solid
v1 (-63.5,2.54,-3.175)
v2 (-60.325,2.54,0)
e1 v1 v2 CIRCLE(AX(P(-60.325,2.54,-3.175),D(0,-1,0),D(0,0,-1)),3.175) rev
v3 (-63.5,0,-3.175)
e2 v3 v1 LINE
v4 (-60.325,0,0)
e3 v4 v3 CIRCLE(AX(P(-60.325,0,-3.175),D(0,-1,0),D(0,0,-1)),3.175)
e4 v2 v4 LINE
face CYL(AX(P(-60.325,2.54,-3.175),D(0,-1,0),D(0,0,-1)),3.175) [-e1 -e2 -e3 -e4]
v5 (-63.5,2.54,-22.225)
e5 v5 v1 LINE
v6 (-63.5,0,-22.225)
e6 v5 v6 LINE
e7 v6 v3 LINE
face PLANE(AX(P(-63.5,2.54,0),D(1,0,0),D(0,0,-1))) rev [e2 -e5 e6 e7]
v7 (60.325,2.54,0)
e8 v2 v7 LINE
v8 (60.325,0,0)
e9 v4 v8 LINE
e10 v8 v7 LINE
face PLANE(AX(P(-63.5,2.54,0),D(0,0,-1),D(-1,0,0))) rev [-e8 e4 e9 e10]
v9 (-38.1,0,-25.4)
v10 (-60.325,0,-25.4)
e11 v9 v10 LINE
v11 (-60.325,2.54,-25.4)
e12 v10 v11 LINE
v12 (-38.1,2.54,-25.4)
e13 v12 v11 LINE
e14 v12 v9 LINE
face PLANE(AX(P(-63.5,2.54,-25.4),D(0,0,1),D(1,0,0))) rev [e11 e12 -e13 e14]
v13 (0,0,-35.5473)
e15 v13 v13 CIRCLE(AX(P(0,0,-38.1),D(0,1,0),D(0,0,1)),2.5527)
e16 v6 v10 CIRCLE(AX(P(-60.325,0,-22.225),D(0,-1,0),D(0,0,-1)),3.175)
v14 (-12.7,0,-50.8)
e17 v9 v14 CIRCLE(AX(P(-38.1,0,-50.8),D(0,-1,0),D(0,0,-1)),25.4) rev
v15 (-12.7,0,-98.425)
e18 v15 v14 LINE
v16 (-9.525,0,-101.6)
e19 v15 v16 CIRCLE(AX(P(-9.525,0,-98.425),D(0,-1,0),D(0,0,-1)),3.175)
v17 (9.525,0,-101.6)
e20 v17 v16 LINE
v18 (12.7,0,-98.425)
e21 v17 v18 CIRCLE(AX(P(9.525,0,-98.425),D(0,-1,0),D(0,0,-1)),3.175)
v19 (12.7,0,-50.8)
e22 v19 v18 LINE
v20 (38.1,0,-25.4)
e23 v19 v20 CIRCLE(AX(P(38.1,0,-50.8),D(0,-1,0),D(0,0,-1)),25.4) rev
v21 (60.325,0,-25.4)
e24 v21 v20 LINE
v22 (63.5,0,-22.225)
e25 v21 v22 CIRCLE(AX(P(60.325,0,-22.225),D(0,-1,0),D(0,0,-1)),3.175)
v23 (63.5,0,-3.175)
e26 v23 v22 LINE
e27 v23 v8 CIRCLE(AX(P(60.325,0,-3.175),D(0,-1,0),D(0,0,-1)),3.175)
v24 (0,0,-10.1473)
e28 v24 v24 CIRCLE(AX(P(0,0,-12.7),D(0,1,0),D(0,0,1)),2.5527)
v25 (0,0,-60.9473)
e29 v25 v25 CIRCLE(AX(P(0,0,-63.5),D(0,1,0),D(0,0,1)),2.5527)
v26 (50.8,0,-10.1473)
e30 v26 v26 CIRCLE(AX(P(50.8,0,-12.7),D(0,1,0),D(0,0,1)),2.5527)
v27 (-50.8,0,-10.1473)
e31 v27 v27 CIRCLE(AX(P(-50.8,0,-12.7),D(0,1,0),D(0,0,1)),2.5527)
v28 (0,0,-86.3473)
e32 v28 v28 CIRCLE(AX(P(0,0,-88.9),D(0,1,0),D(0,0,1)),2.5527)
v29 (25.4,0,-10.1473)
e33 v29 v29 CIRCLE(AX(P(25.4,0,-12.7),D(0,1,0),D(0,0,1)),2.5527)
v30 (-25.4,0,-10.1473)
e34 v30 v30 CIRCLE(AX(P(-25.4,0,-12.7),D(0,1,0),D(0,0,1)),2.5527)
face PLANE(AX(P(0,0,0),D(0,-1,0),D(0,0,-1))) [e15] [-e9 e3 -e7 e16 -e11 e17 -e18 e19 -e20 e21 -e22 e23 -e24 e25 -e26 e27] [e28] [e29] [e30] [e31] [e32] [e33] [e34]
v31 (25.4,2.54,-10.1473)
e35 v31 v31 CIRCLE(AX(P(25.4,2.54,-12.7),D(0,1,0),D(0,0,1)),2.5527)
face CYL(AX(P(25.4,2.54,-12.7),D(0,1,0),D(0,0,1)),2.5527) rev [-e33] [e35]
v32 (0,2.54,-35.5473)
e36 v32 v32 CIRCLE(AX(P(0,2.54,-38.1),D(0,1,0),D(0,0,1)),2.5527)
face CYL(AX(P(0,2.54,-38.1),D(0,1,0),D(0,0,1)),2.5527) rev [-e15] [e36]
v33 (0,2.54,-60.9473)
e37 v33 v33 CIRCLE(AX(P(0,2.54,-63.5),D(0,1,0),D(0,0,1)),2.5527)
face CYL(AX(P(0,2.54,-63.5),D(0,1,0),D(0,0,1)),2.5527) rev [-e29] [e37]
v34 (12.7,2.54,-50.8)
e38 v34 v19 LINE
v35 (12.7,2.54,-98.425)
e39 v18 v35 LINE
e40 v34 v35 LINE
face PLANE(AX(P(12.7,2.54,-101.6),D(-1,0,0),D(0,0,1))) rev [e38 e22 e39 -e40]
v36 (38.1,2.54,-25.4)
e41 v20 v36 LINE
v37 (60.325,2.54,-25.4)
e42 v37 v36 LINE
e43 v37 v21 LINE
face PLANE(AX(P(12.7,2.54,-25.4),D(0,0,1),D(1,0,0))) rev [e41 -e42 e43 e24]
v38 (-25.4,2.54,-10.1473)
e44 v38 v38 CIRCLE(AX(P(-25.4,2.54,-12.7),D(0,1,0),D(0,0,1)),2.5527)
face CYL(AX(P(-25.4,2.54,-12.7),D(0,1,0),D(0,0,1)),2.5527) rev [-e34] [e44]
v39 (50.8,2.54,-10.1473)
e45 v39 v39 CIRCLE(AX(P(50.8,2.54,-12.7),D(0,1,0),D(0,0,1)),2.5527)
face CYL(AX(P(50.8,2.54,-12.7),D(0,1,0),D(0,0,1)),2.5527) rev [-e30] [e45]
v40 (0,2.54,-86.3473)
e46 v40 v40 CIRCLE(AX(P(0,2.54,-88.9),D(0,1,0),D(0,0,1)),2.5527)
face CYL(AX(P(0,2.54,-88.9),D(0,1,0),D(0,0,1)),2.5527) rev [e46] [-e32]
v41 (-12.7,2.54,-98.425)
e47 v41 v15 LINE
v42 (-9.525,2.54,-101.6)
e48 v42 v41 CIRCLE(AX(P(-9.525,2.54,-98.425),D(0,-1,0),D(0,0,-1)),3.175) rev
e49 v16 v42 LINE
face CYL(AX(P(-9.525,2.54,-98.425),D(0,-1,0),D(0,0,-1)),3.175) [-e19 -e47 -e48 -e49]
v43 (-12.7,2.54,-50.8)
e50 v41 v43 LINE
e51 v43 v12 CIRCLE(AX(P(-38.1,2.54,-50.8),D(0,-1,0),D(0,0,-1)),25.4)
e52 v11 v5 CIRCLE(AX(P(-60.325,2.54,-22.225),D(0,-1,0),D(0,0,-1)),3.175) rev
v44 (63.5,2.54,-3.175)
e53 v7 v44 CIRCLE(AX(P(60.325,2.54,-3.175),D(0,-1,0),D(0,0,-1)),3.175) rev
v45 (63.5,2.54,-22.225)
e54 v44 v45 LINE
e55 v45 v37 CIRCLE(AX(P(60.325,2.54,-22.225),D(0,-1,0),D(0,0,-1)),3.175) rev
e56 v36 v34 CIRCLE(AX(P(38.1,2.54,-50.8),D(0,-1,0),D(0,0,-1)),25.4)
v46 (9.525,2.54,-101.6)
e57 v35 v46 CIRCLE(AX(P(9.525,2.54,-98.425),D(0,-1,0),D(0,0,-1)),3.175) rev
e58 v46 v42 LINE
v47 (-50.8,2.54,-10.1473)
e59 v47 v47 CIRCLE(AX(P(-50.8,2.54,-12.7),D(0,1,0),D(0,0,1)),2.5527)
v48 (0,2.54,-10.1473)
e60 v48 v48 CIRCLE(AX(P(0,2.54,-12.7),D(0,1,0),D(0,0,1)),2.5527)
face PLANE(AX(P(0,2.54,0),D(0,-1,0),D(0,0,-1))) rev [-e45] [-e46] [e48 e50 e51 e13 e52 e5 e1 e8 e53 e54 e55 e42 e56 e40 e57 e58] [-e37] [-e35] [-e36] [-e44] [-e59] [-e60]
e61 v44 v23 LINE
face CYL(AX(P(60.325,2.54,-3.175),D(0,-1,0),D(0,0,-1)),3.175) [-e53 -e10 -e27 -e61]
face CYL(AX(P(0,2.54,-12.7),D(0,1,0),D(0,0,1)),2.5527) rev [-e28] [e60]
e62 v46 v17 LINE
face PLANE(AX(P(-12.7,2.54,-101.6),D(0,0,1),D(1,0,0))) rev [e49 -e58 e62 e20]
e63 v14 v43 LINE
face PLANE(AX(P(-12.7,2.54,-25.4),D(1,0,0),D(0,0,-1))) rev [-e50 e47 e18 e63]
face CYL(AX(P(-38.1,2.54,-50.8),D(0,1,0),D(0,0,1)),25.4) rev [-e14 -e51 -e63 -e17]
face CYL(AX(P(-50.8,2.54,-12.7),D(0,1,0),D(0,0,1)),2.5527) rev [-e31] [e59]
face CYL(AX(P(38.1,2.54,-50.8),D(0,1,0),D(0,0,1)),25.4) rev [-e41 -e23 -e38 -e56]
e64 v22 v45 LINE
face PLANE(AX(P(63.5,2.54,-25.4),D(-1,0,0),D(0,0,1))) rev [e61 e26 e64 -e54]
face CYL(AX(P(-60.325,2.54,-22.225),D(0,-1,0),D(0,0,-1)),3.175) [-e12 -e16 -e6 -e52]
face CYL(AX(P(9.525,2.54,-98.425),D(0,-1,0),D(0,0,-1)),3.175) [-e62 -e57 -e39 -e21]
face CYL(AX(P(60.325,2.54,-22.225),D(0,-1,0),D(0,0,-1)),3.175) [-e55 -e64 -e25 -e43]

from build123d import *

# Parameters (mm, degrees)
BOSS_EXTRUDE1_DEPTH        = 2.54
FILLET1_R                  = 3.175
F_7_0_201_DIAMETER_HOLE1_D = 5.1054
FILLET2_R                  = 25.4


with BuildPart() as part:
    # Sketch1 → Boss-Extrude1 (new body)
    with BuildSketch(Plane(origin=(0, 0, 0), x_dir=(1, 0, 0), z_dir=(0, 1, 0))):
        Polygon((-63.5, 0), (63.5, 0), (63.5, 25.4), (12.7, 25.4), (12.7, 101.6), (-12.7, 101.6), (-12.7, 25.4), (-63.5, 25.4), align=None)
    extrude(amount=BOSS_EXTRUDE1_DEPTH)

    # Fillet1
    fillet1_edges = [part.edges().sort_by_distance(p)[0] for p in [
        (-12.7, 1.27, -101.6),
        (12.7, 1.27, -101.6),
        (63.5, 1.27, -25.4),
        (63.5, 1.27, 0),
        (-63.5, 1.27, 0),
        (-63.5, 1.27, -25.4),
    ]]
    fillet(fillet1_edges, radius=FILLET1_R)

    # #7 (0.201) Diameter Hole1 (through all)
    with Locations(Plane(origin=(0, 2.54, 0), x_dir=(1, 0, 0), z_dir=(0, 1, 0))):
        with Locations((0, 12.7), (25.4, 12.7), (50.8, 12.7), (-25.4, 12.7), (-50.8, 12.7), (0, 38.1), (0, 63.5), (0, 88.9)):
            Hole(F_7_0_201_DIAMETER_HOLE1_D / 2)

    # Fillet2
    fillet2_edges = [part.edges().sort_by_distance(p)[0] for p in [
        (12.7, 1.27, -25.4),
        (-12.7, 1.27, -25.4),
    ]]
    fillet(fillet2_edges, radius=FILLET2_R)


solid = part.part
